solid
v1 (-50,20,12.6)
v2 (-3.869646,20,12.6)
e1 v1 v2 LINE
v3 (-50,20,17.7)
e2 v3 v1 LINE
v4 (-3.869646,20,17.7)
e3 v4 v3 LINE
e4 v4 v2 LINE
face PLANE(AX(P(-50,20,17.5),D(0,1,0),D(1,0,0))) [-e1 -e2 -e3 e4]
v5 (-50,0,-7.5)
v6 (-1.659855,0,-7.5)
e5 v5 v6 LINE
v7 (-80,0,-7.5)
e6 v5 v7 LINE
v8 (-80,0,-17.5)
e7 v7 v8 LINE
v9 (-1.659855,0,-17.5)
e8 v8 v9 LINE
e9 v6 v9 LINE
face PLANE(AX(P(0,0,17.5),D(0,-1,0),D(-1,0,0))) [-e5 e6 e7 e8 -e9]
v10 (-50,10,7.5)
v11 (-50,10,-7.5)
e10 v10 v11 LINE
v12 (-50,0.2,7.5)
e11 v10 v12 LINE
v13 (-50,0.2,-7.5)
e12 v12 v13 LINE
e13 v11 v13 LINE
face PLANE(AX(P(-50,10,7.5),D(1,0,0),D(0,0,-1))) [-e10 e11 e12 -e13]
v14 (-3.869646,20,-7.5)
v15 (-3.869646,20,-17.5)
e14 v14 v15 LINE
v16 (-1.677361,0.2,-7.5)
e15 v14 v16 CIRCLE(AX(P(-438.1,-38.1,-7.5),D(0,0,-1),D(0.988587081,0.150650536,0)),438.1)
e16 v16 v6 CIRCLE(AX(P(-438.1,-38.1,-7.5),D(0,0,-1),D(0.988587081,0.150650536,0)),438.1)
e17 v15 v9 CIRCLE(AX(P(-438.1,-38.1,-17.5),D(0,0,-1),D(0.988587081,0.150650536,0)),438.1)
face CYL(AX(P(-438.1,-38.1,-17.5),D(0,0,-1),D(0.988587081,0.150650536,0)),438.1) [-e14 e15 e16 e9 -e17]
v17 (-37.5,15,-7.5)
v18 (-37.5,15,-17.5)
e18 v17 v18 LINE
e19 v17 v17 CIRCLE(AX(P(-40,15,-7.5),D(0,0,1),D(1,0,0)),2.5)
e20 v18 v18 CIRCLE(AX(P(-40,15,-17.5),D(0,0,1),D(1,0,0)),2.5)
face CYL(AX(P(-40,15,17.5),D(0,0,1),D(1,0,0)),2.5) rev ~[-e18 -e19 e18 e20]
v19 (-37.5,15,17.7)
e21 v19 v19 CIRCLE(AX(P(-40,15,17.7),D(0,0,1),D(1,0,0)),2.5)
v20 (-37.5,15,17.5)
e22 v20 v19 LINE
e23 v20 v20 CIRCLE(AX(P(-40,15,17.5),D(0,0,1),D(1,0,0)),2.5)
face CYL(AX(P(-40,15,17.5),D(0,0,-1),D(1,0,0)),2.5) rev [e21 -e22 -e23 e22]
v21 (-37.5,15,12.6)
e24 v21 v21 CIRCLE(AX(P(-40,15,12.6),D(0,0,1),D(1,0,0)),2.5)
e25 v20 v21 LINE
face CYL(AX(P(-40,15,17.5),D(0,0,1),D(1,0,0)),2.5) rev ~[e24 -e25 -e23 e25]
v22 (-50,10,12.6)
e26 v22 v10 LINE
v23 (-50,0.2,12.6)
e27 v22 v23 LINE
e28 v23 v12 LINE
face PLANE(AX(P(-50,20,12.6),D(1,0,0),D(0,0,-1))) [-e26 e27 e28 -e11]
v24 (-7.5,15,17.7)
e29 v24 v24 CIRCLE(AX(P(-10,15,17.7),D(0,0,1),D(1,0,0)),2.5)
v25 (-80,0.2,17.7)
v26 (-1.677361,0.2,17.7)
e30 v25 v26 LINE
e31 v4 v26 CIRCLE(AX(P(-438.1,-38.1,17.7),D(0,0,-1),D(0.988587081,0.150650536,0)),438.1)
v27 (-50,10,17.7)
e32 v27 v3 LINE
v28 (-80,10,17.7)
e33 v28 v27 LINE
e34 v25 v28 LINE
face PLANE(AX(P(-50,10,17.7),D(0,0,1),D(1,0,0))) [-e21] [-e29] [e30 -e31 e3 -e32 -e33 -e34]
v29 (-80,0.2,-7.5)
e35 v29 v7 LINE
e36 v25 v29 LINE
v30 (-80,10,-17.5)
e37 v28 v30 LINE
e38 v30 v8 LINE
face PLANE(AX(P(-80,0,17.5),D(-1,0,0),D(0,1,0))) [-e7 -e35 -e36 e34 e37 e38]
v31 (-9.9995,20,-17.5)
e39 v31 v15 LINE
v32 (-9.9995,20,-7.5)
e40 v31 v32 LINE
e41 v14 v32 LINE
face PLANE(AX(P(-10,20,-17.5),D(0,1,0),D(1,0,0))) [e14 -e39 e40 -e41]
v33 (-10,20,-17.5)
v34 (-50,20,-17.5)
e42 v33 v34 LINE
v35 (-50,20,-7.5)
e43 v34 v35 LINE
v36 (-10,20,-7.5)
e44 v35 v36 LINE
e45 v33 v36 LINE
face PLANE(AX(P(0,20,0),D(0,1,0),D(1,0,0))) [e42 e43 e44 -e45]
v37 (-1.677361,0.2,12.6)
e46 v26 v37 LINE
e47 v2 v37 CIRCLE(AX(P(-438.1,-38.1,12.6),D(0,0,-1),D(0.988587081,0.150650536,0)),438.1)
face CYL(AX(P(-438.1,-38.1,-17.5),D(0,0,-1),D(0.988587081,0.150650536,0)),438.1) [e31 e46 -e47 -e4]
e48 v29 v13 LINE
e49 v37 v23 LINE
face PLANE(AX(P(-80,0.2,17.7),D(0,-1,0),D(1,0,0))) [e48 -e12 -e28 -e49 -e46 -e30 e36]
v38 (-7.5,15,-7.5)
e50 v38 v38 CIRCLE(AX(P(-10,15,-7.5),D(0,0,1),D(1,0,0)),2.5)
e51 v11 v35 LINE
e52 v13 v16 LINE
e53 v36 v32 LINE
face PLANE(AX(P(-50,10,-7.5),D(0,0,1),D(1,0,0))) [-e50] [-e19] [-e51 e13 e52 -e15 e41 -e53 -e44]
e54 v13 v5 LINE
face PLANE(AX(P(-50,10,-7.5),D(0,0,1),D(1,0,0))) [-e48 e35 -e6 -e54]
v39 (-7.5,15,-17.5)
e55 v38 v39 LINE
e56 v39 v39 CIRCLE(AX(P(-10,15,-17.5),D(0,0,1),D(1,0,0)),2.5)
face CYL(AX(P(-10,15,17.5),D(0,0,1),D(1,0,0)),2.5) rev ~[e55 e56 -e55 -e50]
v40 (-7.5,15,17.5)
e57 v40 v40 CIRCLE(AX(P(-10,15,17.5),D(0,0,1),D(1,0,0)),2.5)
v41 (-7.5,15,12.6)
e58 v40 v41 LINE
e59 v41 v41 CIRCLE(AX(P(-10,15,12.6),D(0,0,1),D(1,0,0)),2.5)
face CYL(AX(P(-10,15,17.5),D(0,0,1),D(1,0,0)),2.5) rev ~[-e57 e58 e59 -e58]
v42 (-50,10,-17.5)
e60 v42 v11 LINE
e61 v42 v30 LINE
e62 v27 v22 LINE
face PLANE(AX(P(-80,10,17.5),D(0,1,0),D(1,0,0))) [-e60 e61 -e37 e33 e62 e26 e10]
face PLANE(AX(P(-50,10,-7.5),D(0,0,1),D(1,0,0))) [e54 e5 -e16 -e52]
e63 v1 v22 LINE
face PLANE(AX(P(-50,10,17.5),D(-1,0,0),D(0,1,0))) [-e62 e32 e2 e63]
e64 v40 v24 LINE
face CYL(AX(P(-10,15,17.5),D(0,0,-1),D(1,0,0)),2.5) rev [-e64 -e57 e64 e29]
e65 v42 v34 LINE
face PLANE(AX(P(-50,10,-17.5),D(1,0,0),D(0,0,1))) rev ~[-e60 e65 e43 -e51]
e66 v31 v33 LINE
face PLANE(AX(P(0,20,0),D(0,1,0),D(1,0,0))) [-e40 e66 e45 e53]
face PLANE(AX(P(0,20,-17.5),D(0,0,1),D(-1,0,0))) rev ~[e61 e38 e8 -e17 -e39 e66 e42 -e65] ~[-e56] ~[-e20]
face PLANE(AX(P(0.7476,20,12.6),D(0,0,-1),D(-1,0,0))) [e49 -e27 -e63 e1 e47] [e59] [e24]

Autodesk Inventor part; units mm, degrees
ref_plane "YZ Plane" through (0, 0, 0) normal (1, 0, 0) x (0, 1, 0)
ref_plane "XZ Plane" through (0, 0, 0) normal (0, 1, 0) x (-1, 0, 0)
ref_plane "XY Plane" through (0, 0, 0) normal (0, 0, 1) x (1, 0, 0)
sketch "Sketch1" plane through (0, 0, 0) normal (0, 1, 0) x (-1, 0, 0)
  line L0 (55, 48.2) -> (-10.0469, 48.2)
  line L1 (55, -48.2) -> (55, 48.2)
  line L2 (55, 48.2) -> (-55, -48.2) construction
  line L3 (-55, 48.2) -> (55, -48.2) construction
  arc A0 (-10.0469, 48.2) -> (-10.0469, -48.2) centre (425.3935, 0) ccw
  line L4 (-12.7065, -11.1355) -> (-12.7065, 11.1355)
  line L5 (55, -48.2) -> (-10.0469, -48.2)
  point P0 (0, 0)
  dimension "d82" = 876.2
  dimension "d83" = 425.3935
  dimension "d85" = 96.4
  dimension "d86" = 48.2
  dimension "d87" = 55
  dimension "d88" = 67.7065
extrude "Extrusion1" add sketch "Sketch1" along normal blind 10
sketch "Sketch2" plane through (0, 10, 0) normal (0, 1, 0) x (1, 0, 0)
  circle A0 centre (40, 43.2) radius 2
  circle A1 centre (0, 43.2) radius 2
  circle A2 centre (-40, 43.2) radius 2
  line L0 (55, -48.2) -> (55, 48.2) projected
  line L1 (-55, 48.2) -> (-55, -48.2) projected
  line L2 (55, 48.2) -> (-55, 48.2) projected
  circle A3 centre (40, -43.2) radius 2
  circle A4 centre (-22.4766, -43.2) radius 2
  circle A5 centre (-40, -43.2) radius 2
  line L3 (-55, -48.2) -> (10.0469, -48.2) projected
  point P0 (0, 0)
  point P1 (-22.4766, -48.2)
  dimension "d4" = 15
  dimension "d5" = 15
  dimension "d6" = 4
  dimension "d7" = 4
  dimension "d8" = 4
  dimension "d9" = 5
  dimension "d10" = 5
  dimension "d11" = 5
  dimension "d12" = 4
  dimension "d13" = 4
  dimension "d14" = 4
  dimension "d15" = 5
  dimension "d16" = 5
  dimension "d17" = 5
  dimension "d25" = 15
  dimension "d26" = 15
hole "Hole1" at (40, 10, -43.2) at (0, 10, -43.2) at (-40, 10, -43.2) at (-40, 10, 43.2) at (-22.4766, 10, 43.2) at (40, 10, 43.2) direction (0, -1, 0) diameter 3 end through all
sketch "Sketch5" plane through (0, 0, 0) normal (0, -1, 0) x (1, 0, 0)
  point P0 (0, 0)
sketch "Sketch6" plane through (-55, 0, -48.2) normal (-1, 0, 0) x (0, 0, 1)
  line L0 (96.4, 0) -> (96.4, 10) projected
  line L1 (96.4, 0) -> (0, 0) projected
  line L2 (96.4, 10) -> (0, 10)
  line L3 (0, 10) -> (0, 0)
  line L4 (0, 0) -> (96.4, 0)
  line L5 (96.4, 0) -> (96.4, 10)
  point P0 (48.2, 0)
extrude "Extrusion4" add sketch "Sketch6" along normal blind 10
sketch "Sketch7" plane through (0, 10, 0) normal (0, 1, 0) x (1, 0, 0)
  line L0 (0, -7.5) -> (-50, -7.5)
  line L1 (-50, -7.5) -> (-50, 7.5)
  line L2 (-50, 7.5) -> (0, 7.5)
  line L3 (0, 7.5) -> (0, -7.5)
  line L4 (0, -7.5) -> (-50, 7.5) construction
  line L5 (-50, -7.5) -> (0, 7.5) construction
  line L6 (-65, -48.2) -> (-65, 48.2) projected
  point P0 (0, 0)
  point P1 (-25, 0)
  dimension "d66" = 15
  dimension "d67" = 50
  dimension "d68" = 15
  dimension "d89" = 7.5
extrude "Extrusion5" cut sketch "Sketch7" against normal blind 10
sketch "Sketch8" plane through (0, 10, 0) normal (0, 1, 0) x (1, 0, 0)
  line L0 (-50, -7.5) -> (-50, 7.5) projected
  line L1 (-50, 7.5) -> (0, 7.5)
  line L2 (0, 7.5) -> (0, 17.5)
  line L3 (0, 17.5) -> (-50, 17.5)
  line L4 (-50, 17.5) -> (-50, 7.5)
  line L5 (0, -7.5) -> (-50, -7.5) projected
  line L6 (-50, -7.5) -> (0, -7.5)
  line L7 (0, -7.5) -> (0, -17.5)
  line L8 (0, -17.5) -> (-50, -17.5)
  line L9 (-50, -17.5) -> (-50, -7.5)
  point P0 (0, 0)
  point P1 (0, -7.5)
  dimension "d71" = 10
  dimension "d72" = 10
extrude "Extrusion6" add sketch "Sketch8" along normal blind 10
sketch "Sketch9" plane through (-50, 10, 17.5) normal (0, 0, 1) x (1, 0, 0)
  circle A0 centre (10, 5) radius 2.5
  circle A1 centre (40, 5) radius 2.5
  line L0 (0, 0) -> (0, 10) projected
  line L1 (50, 0) -> (50, 10) projected
  line L2 (0, 10) -> (50, 10) projected
  point P0 (50, -10)
  point P1 (0, 5)
  dimension "d75" = 5
  dimension "d77" = 10
  dimension "d79" = 5
  dimension "d105" = 40
  dimension "d106" = 5
  dimension "d107" = 5
extrude "Extrusion7" cut sketch "Sketch9" against normal through all
sketch "Sketch10" plane through (0, 10, 0) normal (0, 1, 0) x (1, 0, 0)
  line L0 (-65, -48.2) -> (10.0469, -48.2) projected
  arc A0 (10.0469, -48.2) -> (10.0469, 48.2) centre (-425.3935, 0) ccw projected
  line L1 (-65, -48.2) -> (14.2881, -48.2)
  line L2 (14.2881, -48.2) -> (14.2881, -21.9629)
  line L3 (-65, -17.5) -> (-65, -48.2)
  line L4 (10.0469, 48.2) -> (-65, 48.2) projected
  line L5 (-65, 48.2) -> (14.2881, 48.2)
  line L6 (14.2881, 48.2) -> (14.2881, 20.8403)
  line L7 (-65, 17.5) -> (-65, 48.2)
  line L8 (0, -48.2) -> (14.2881, -48.2)
  line L9 (14.2881, -48.2) -> (14.2881, 48.2)
  line L10 (14.2881, 48.2) -> (0, 48.2)
  line L11 (0, 17.5) -> (0, -17.5)
  line L12 (0, -17.5) -> (-65, -17.5)
  line L13 (0, 17.5) -> (-65, 17.5)
  line L14 (-50, -7.5) -> (-50, 7.5) projected
  point P0 (0, 0)
  point P1 (-50, 0)
  dimension "d90" = 35
  dimension "d91" = 65
  dimension "d92" = 17.5
extrude "Extrusion8" cut sketch "Sketch10" against normal blind 10 contours L3 L12 L11 L13 L7 L4 A0 L0
sketch "Sketch11" plane through (-65, 0, -48.2) normal (-1, 0, 0) x (0, 0, 1)
  line L0 (65.7, 10) -> (55.7, 10) projected
  line L1 (30.7, 0) -> (65.7, 0)
  line L2 (65.7, 0) -> (65.7, 10)
  line L3 (65.7, 10) -> (30.7, 10)
  line L4 (30.7, 10) -> (30.7, 0)
  point P0 (48.2, 0)
extrude "Extrusion9" add sketch "Sketch11" along normal blind 15
sketch "Sketch12" plane through (0, 20, 0) normal (0, 1, 0) x (1, 0, 0)
  line L0 (0, 17.5) -> (-50, 17.5) projected
  line L1 (0, -17.5) -> (-80, -17.5) projected
  line L2 (0, 17.5) -> (-5, 17.5)
  line L3 (-5, 17.5) -> (-5, -17.5)
  line L4 (-5, -17.5) -> (0, -17.5)
  line L5 (0, -17.5) -> (0, 17.5)
  point P0 (0, 0)
  dimension "d97" = 5
extrude "Extrusion10" add sketch "Sketch12" along normal blind 5
fillet "Fillet1" radius 5 2 edges at (-5, 20, -12.5) (-5, 20, 12.5)
sketch "Sketch13" plane through (-50, 10, 17.5) normal (0, 0, 1) x (1, 0, 0)
  circle A0 centre (40, 5) radius 2.5 projected
  circle A1 centre (10, 5) radius 2.5 projected
  line L0 (50, 15) -> (50, -10) projected
  line L1 (45, 15) -> (50, 15) projected
  arc A2 (40, 10) -> (45, 15) centre (40, 15) ccw projected
  line L2 (0, 10) -> (40, 10) projected
  line L3 (0, 0) -> (0, 10) projected
  line L4 (-30, 0) -> (0, 0) projected
  line L5 (-30, -10) -> (-30, 0) projected
  line L6 (50, -10) -> (-30, -10) projected
  point P0 (50, -10)
extrude "Extrusion11" add sketch "Sketch13" along normal blind 0.2
sketch "Sketch14" plane through (-50, 10, -17.5) normal (0, 0, -1) x (-1, 0, 0)
  arc A0 (-45, 17.9) -> (-50, -48.1) centre (388.1, -48.1) ccw
  line L0 (0, 0) -> (30, 0) projected
  line L1 (-50, 15) -> (-50, -10) projected
  line L2 (-50, 15) -> (-50, -48.1)
  line L3 (-50, 15) -> (-45, 17.9)
  point P0 (-50, -10)
  dimension "d108" = 876.2
  dimension "d109" = 48.1
  dimension "d110" = 438.1
extrude "Extrusion12" cut sketch "Sketch14" against normal through all
sketch "Sketch15" plane through (-50, 10, -17.5) normal (0, 0, -1) x (-1, 0, 0)
  line L0 (-40, 10) -> (0, 10) projected
  line L1 (-40, 10) -> (-53.6921, 10)
  arc A0 (-45, 15) -> (-40, 10) centre (-40, 15) ccw projected
  line L2 (-53.6921, 10) -> (-41.0966, 19.8783)
  line L3 (-41.0966, 19.8783) -> (-40, 10)
  point P0 (-50, -10)
extrude "Extrusion13" cut sketch "Sketch15" against normal through all
sketch "Sketch16" plane through (0, 20, 0) normal (0, 1, 0) x (1, 0, 0)
  line L0 (-3.8696, -7.5) -> (-3.8696, -17.7) projected
  line L1 (-50, -17.7) -> (-50, -7.5) projected
  line L2 (-50, -12.6) -> (-50, -7.5)
  line L3 (-3.8696, -7.5) -> (-50, -7.5) projected
  line L4 (-50, -7.5) -> (0.7476, -7.5)
  line L5 (0.7476, -7.5) -> (0.7476, -12.6)
  line L6 (0.7476, -12.6) -> (-50, -12.6)
  point P0 (0, 0)
  point P1 (-3.8696, -12.6)
extrude "Extrusion14" cut sketch "Sketch16" against normal through all
sketch "Sketch17" plane through (-50, 10, 17.7) normal (0, 0, 1) x (1, 0, 0)
  line L0 (-30, 0) -> (-30, -10) projected
  line L1 (-30, -9.8) -> (48.9645, -9.8)
  line L2 (48.9645, -9.8) -> (48.9645, -10.6043)
  line L3 (48.9645, -10.6043) -> (-30, -10.6043)
  line L4 (-30, -10.6043) -> (-30, -9.8)
  line L5 (-30, -10) -> (48.3401, -10) projected
  point P0 (50, -10)
  dimension "d117" = 0.2
extrude "Extrusion15" cut sketch "Sketch17" against normal blind 25.2
properties part number "ReleaseMec2.0SideMec"
